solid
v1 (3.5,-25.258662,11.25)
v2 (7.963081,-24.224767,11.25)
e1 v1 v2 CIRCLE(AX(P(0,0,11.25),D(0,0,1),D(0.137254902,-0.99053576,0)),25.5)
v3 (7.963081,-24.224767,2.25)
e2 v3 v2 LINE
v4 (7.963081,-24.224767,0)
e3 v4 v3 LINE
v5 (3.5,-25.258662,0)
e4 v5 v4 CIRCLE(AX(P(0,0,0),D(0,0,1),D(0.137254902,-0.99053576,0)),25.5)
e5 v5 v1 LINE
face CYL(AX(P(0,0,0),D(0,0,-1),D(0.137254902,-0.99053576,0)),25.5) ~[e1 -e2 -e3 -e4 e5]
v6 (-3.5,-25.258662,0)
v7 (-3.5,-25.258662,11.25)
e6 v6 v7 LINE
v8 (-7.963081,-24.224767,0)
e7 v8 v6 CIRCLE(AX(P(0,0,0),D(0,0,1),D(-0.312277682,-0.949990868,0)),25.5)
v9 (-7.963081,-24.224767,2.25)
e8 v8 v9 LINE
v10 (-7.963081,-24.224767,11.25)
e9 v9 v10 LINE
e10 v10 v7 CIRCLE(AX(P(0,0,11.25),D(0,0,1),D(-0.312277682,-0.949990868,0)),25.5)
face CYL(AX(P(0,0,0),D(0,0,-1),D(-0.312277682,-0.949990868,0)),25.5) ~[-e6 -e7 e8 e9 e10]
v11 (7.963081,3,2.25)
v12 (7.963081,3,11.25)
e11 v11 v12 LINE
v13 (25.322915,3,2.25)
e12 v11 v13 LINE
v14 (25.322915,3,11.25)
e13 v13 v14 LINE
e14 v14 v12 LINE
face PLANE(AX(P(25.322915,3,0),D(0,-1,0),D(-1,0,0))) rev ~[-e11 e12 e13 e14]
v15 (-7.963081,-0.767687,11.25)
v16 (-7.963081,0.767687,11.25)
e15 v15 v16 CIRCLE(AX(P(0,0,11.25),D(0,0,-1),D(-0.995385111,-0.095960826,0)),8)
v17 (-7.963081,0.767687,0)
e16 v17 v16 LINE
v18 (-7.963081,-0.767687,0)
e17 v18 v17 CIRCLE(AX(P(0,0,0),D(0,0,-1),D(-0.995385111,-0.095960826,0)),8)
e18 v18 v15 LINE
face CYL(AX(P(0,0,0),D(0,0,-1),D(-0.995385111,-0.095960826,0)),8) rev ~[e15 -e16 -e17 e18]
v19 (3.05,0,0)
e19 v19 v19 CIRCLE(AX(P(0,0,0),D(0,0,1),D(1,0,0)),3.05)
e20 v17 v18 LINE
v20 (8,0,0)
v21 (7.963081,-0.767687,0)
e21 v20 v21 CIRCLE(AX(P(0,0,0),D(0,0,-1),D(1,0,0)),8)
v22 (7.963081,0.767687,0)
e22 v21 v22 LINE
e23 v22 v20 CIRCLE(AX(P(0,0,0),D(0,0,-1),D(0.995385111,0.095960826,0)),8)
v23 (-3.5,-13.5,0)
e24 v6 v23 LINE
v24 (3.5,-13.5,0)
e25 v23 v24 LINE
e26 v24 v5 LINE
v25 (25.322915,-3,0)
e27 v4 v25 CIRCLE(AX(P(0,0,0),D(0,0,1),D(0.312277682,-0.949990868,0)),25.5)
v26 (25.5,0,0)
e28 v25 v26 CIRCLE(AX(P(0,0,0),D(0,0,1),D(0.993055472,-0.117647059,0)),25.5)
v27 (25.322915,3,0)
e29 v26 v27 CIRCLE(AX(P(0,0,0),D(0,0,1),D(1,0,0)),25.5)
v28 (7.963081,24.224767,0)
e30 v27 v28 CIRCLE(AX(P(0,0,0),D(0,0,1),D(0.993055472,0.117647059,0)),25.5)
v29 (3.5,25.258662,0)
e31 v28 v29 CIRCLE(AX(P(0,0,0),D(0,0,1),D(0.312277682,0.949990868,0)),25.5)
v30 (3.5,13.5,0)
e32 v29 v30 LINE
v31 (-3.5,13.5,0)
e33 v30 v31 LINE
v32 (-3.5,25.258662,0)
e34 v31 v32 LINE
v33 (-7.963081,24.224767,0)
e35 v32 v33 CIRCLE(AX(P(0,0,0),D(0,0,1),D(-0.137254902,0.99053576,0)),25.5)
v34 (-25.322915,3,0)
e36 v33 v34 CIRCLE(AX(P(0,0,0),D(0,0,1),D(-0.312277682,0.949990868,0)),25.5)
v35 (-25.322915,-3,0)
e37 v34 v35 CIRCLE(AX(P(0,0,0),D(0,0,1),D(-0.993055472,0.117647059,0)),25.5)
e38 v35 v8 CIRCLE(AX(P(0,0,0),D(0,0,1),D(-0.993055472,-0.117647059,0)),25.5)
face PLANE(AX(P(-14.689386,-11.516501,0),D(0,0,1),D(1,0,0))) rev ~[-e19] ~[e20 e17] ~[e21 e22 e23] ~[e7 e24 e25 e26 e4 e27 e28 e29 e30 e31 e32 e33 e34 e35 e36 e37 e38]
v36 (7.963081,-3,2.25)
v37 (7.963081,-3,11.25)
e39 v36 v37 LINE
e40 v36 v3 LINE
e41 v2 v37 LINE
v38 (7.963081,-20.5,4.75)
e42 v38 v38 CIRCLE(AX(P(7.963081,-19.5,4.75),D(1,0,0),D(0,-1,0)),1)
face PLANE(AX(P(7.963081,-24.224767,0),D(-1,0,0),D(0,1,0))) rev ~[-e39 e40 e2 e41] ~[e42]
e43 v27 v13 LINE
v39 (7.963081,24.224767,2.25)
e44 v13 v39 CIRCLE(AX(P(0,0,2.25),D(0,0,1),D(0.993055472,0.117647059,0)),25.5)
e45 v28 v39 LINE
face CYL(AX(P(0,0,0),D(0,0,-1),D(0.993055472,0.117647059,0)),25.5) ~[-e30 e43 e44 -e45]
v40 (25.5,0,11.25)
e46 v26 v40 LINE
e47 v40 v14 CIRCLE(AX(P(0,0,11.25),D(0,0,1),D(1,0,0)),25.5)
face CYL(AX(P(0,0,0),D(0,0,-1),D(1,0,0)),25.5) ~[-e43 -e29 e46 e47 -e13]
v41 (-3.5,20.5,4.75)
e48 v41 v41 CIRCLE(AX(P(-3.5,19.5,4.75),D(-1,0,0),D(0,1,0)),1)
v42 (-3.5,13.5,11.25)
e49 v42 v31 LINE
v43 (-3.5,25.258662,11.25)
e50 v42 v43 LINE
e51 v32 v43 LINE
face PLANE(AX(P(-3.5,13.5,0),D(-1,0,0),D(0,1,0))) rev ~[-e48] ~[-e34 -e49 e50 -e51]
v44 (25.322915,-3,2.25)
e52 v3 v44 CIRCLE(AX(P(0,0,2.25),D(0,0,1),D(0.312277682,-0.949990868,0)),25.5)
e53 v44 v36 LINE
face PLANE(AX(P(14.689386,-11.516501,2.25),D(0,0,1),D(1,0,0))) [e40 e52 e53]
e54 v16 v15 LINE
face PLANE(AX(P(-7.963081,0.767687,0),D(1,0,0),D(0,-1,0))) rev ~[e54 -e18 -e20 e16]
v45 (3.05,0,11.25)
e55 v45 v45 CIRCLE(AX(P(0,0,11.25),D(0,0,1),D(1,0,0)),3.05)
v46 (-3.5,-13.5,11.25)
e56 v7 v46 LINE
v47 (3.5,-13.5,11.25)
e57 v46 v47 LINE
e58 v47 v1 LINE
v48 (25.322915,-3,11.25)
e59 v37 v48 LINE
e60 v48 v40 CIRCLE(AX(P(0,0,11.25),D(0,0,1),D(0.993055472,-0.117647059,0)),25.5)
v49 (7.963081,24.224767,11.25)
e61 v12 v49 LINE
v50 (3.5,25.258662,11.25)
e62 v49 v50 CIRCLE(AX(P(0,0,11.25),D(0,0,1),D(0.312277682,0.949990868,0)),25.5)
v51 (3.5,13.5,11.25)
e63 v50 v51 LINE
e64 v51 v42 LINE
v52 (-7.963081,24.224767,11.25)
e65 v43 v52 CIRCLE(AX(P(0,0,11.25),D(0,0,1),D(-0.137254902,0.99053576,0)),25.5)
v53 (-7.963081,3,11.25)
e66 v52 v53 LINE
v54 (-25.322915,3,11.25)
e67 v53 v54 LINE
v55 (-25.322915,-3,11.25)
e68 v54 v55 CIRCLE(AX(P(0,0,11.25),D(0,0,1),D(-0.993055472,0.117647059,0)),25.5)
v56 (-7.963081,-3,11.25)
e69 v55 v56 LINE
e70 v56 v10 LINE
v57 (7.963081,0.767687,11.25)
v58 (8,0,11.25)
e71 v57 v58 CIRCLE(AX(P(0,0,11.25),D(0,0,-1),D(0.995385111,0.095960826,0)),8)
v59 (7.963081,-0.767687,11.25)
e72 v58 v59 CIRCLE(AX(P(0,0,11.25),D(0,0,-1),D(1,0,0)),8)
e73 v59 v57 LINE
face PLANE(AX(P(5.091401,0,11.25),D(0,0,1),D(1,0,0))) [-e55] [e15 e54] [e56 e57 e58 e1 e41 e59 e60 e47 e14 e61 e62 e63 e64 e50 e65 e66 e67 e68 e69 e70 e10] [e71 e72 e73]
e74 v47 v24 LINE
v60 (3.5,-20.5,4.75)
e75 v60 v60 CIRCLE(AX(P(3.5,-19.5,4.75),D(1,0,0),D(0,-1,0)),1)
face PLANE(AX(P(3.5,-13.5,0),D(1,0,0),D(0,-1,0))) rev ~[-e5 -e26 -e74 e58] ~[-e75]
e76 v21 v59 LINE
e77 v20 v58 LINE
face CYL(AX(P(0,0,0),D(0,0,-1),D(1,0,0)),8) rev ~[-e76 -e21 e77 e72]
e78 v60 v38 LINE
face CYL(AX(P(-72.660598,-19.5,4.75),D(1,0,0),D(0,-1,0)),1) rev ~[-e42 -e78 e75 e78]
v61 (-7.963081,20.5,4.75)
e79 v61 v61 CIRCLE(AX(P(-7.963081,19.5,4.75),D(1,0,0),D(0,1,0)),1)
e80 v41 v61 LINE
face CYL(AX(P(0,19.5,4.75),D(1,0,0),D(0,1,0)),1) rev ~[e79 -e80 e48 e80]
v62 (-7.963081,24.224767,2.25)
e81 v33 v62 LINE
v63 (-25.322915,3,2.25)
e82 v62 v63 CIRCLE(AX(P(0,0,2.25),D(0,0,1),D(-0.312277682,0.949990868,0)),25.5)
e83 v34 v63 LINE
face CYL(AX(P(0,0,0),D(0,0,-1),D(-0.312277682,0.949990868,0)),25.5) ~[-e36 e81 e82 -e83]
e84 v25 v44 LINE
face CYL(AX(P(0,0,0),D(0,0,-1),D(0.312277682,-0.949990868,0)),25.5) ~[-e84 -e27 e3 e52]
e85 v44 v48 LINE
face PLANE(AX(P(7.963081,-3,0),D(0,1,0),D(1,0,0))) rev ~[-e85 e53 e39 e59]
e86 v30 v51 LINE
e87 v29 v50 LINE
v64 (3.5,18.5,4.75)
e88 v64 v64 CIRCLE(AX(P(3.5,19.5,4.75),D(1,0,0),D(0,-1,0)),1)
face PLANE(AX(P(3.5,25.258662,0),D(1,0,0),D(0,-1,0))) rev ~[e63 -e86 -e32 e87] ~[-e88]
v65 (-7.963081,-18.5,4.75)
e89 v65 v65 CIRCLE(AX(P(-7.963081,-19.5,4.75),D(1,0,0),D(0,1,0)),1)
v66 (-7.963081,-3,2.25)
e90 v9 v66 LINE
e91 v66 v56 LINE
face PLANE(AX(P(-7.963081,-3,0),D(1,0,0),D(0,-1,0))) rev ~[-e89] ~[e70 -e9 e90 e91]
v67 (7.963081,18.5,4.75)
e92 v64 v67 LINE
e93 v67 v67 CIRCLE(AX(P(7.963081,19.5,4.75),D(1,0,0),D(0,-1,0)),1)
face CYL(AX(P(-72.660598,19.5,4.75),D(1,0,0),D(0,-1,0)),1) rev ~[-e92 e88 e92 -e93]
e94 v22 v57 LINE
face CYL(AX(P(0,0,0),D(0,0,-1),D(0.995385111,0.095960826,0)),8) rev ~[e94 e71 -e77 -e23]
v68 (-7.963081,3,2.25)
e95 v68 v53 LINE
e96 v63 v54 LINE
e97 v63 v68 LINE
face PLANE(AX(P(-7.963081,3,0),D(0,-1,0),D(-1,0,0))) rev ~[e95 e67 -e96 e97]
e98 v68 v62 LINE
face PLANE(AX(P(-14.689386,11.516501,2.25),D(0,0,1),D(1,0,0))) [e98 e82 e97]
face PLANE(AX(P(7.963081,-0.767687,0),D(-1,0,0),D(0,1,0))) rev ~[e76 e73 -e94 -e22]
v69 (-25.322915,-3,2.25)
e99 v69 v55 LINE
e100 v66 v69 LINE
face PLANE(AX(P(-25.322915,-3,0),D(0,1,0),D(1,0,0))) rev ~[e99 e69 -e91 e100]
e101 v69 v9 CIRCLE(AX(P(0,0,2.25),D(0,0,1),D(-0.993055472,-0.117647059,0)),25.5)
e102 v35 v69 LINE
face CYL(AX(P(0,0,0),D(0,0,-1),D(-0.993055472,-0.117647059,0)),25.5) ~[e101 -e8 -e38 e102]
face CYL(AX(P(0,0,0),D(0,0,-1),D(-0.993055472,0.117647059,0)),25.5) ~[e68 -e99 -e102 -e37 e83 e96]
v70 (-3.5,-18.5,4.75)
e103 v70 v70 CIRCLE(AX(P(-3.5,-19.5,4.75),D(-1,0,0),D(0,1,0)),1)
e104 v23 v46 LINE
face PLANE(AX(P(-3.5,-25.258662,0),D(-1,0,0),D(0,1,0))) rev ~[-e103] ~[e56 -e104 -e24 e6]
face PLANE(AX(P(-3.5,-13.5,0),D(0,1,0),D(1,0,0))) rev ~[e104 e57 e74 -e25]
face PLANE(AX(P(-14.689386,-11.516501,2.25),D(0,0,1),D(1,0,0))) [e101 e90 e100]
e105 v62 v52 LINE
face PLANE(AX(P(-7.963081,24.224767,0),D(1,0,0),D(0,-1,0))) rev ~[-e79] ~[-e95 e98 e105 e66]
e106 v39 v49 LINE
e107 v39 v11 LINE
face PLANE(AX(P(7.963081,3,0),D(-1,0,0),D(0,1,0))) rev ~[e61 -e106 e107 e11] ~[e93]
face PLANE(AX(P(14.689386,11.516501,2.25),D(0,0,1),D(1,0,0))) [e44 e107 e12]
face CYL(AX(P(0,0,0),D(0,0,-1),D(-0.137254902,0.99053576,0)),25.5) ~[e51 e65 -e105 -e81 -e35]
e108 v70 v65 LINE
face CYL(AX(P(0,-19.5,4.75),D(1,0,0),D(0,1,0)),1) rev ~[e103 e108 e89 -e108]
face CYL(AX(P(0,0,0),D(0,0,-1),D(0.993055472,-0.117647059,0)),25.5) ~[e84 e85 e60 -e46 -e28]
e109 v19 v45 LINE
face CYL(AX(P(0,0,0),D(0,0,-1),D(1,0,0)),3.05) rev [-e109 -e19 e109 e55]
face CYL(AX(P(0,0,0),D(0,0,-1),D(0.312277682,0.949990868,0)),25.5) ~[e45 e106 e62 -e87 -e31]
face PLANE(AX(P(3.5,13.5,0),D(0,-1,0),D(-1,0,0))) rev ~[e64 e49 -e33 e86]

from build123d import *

# Parameters (mm, degrees)
F0_R     = 3.05
F1_DEPTH = 11.25
F2_DEPTH = 2.25
F4_D     = 2
F4_DEPTH = 25.501
F5_D     = 2


with BuildPart() as f1:
    # F0 (on Top) → F1 (new body)
    with BuildSketch(Plane.XY):
        with BuildLine():
            Line((7.9630808905, -0.7676866104), (7.9630808905, 0.7676866104))
            ThreePointArc((7.9630808905, 0.7676866104), (6.5707016234, 4.5635381204), (3.5, 7.193747285))
            Line((3.5, 7.193747285), (3.5, -7.193747285))
            ThreePointArc((3.5, -7.193747285), (6.5707016234, -4.5635381204), (7.9630808905, -0.7676866104))
        make_face()
        with BuildLine():
            Line((3.5, -7.193747285), (3.5, 7.193747285))
            ThreePointArc((3.5, 7.193747285), (0, 8), (-3.5, 7.193747285))
            Line((-3.5, 7.193747285), (-3.5, -7.193747285))
            ThreePointArc((-3.5, -7.193747285), (0, -8), (3.5, -7.193747285))
        make_face()
        Circle(F0_R, mode=Mode.SUBTRACT)
        with BuildLine():
            Line((-3.5, -7.193747285), (-3.5, 7.193747285))
            ThreePointArc((-3.5, 7.193747285), (-6.5707016234, 4.5635381204), (-7.9630808905, 0.7676866104))
            Line((-7.9630808905, 0.7676866104), (-7.9630808905, -0.7676866104))
            ThreePointArc((-7.9630808905, -0.7676866104), (-6.5707016234, -4.5635381204), (-3.5, -7.193747285))
        make_face()
        with BuildLine():
            Line((-3.5, 13.5), (-3.5, 25.2586618806))
            ThreePointArc((-3.5, 25.2586618806), (-5.7548058579, 24.842145832), (-7.9630808905, 24.2247671347))
            Line((-7.9630808905, 24.2247671347), (-7.9630808905, 13.5))
            Line((-7.9630808905, 13.5), (-3.5, 13.5))
        make_face()
        with BuildLine():
            Line((7.9630808905, 13.5), (7.9630808905, 24.2247671347))
            ThreePointArc((7.9630808905, 24.2247671347), (5.7548058579, 24.842145832), (3.5, 25.2586618806))
            Line((3.5, 25.2586618806), (3.5, 13.5))
            Line((3.5, 13.5), (7.9630808905, 13.5))
        make_face()
        with BuildLine():
            ThreePointArc((3.5, -25.2586618806), (5.7548058579, -24.842145832), (7.9630808905, -24.2247671347))
            Line((7.9630808905, -24.2247671347), (7.9630808905, -13.5))
            Line((7.9630808905, -13.5), (3.5, -13.5))
            Line((3.5, -13.5), (3.5, -25.2586618806))
        make_face()
        with BuildLine():
            ThreePointArc((-7.9630808905, -24.2247671347), (-5.7548058579, -24.842145832), (-3.5, -25.2586618806))
            Line((-3.5, -25.2586618806), (-3.5, -13.5))
            Line((-3.5, -13.5), (-7.9630808905, -13.5))
            Line((-7.9630808905, -13.5), (-7.9630808905, -24.2247671347))
        make_face()
        with BuildLine():
            Line((-3.5, 7.193747285), (-3.5, 13.5))
            Line((-3.5, 13.5), (-7.9630808905, 13.5))
            Line((-7.9630808905, 13.5), (-7.9630808905, 3))
            Line((-7.9630808905, 3), (-7.9630808905, 0.7676866104))
            ThreePointArc((-7.9630808905, 0.7676866104), (-6.5707016234, 4.5635381204), (-3.5, 7.193747285))
        make_face()
        with BuildLine():
            Line((7.9630808905, 0.7676866104), (7.9630808905, 3))
            Line((7.9630808905, 3), (7.9630808905, 13.5))
            Line((7.9630808905, 13.5), (3.5, 13.5))
            Line((3.5, 13.5), (3.5, 7.193747285))
            ThreePointArc((3.5, 7.193747285), (6.5707016234, 4.5635381204), (7.9630808905, 0.7676866104))
        make_face()
        with BuildLine():
            Line((7.9630808905, -13.5), (7.9630808905, -3))
            Line((7.9630808905, -3), (7.9630808905, -0.7676866104))
            ThreePointArc((7.9630808905, -0.7676866104), (6.5707016234, -4.5635381204), (3.5, -7.193747285))
            Line((3.5, -7.193747285), (3.5, -13.5))
            Line((3.5, -13.5), (7.9630808905, -13.5))
        make_face()
        with BuildLine():
            Line((-7.9630808905, -13.5), (-3.5, -13.5))
            Line((-3.5, -13.5), (-3.5, -7.193747285))
            ThreePointArc((-3.5, -7.193747285), (-6.5707016234, -4.5635381204), (-7.9630808905, -0.7676866104))
            Line((-7.9630808905, -0.7676866104), (-7.9630808905, -3))
            Line((-7.9630808905, -3), (-7.9630808905, -13.5))
        make_face()
        with BuildLine():
            Line((-7.9630808905, 3), (-25.3229145242, 3))
            ThreePointArc((-25.3229145242, 3), (-25.5, 0), (-25.3229145242, -3))
            Line((-25.3229145242, -3), (-7.9630808905, -3))
            Line((-7.9630808905, -3), (-7.9630808905, -0.7676866104))
            ThreePointArc((-7.9630808905, -0.7676866104), (-8, 0), (-7.9630808905, 0.7676866104))
            Line((-7.9630808905, 0.7676866104), (-7.9630808905, 3))
        make_face()
        with BuildLine():
            ThreePointArc((25.3229145242, -3), (25.4556901337, -1.5026109997), (25.5, 0))
            ThreePointArc((25.5, 0), (25.4556901337, 1.5026109997), (25.3229145242, 3))
            Line((25.3229145242, 3), (7.9630808905, 3))
            Line((7.9630808905, 3), (7.9630808905, 0.7676866104))
            ThreePointArc((7.9630808905, 0.7676866104), (7.9907648922, 0.3842869216), (8, 0))
            ThreePointArc((8, 0), (7.9907648922, -0.3842869216), (7.9630808905, -0.7676866104))
            Line((7.9630808905, -0.7676866104), (7.9630808905, -3))
            Line((7.9630808905, -3), (25.3229145242, -3))
        make_face()
        with BuildLine():
            Line((-3.5, -13.5), (3.5, -13.5))
            Line((3.5, -13.5), (3.5, -7.193747285))
            ThreePointArc((3.5, -7.193747285), (0, -8), (-3.5, -7.193747285))
            Line((-3.5, -7.193747285), (-3.5, -13.5))
        make_face()
        with BuildLine():
            Line((3.5, 7.193747285), (3.5, 13.5))
            Line((3.5, 13.5), (-3.5, 13.5))
            Line((-3.5, 13.5), (-3.5, 7.193747285))
            ThreePointArc((-3.5, 7.193747285), (0, 8), (3.5, 7.193747285))
        make_face()
    extrude(amount=F1_DEPTH)

    # F0 (on Top) → F2 (join)
    with BuildSketch(Plane.XY):
        with BuildLine():
            ThreePointArc((-25.3229145242, -3), (-19.7385931025, -16.1442851292), (-7.9630808905, -24.2247671347))
            Line((-7.9630808905, -24.2247671347), (-7.9630808905, -13.5))
            Line((-7.9630808905, -13.5), (-7.9630808905, -3))
            Line((-7.9630808905, -3), (-25.3229145242, -3))
        make_face()
        with BuildLine():
            Line((-3.5, -13.5), (3.5, -13.5))
            Line((3.5, -13.5), (3.5, -7.193747285))
            ThreePointArc((3.5, -7.193747285), (0, -8), (-3.5, -7.193747285))
            Line((-3.5, -7.193747285), (-3.5, -13.5))
        make_face()
        with BuildLine():
            Line((3.5, 7.193747285), (3.5, 13.5))
            Line((3.5, 13.5), (-3.5, 13.5))
            Line((-3.5, 13.5), (-3.5, 7.193747285))
            ThreePointArc((-3.5, 7.193747285), (0, 8), (3.5, 7.193747285))
        make_face()
        with BuildLine():
            ThreePointArc((7.9630808905, -24.2247671347), (19.7385931025, -16.1442851292), (25.3229145242, -3))
            Line((25.3229145242, -3), (7.9630808905, -3))
            Line((7.9630808905, -3), (7.9630808905, -13.5))
            Line((7.9630808905, -13.5), (7.9630808905, -24.2247671347))
        make_face()
        with BuildLine():
            Line((7.9630808905, 3), (25.3229145242, 3))
            ThreePointArc((25.3229145242, 3), (19.7385931025, 16.1442851292), (7.9630808905, 24.2247671347))
            Line((7.9630808905, 24.2247671347), (7.9630808905, 13.5))
            Line((7.9630808905, 13.5), (7.9630808905, 3))
        make_face()
        with BuildLine():
            Line((-7.9630808905, 13.5), (-7.9630808905, 24.2247671347))
            ThreePointArc((-7.9630808905, 24.2247671347), (-19.7385931025, 16.1442851292), (-25.3229145242, 3))
            Line((-25.3229145242, 3), (-7.9630808905, 3))
            Line((-7.9630808905, 3), (-7.9630808905, 13.5))
        make_face()
    extrude(amount=F2_DEPTH)

    # F4 (through all, one way)
    with BuildSketch(Plane.YZ):
        with Locations((-19.5, 4.75), (19.5, 4.75)):
            Circle(F4_D / 2)
    extrude(amount=-F4_DEPTH, mode=Mode.SUBTRACT)

    # F5 (through all)
    with Locations(Plane(origin=(0, 0, 0), x_dir=(0, 1, 0), z_dir=(-1, 0, 0))):
        with Locations((-19.5, -4.75), (19.5, -4.75)):
            Hole(F5_D / 2)


solid = f1.part
